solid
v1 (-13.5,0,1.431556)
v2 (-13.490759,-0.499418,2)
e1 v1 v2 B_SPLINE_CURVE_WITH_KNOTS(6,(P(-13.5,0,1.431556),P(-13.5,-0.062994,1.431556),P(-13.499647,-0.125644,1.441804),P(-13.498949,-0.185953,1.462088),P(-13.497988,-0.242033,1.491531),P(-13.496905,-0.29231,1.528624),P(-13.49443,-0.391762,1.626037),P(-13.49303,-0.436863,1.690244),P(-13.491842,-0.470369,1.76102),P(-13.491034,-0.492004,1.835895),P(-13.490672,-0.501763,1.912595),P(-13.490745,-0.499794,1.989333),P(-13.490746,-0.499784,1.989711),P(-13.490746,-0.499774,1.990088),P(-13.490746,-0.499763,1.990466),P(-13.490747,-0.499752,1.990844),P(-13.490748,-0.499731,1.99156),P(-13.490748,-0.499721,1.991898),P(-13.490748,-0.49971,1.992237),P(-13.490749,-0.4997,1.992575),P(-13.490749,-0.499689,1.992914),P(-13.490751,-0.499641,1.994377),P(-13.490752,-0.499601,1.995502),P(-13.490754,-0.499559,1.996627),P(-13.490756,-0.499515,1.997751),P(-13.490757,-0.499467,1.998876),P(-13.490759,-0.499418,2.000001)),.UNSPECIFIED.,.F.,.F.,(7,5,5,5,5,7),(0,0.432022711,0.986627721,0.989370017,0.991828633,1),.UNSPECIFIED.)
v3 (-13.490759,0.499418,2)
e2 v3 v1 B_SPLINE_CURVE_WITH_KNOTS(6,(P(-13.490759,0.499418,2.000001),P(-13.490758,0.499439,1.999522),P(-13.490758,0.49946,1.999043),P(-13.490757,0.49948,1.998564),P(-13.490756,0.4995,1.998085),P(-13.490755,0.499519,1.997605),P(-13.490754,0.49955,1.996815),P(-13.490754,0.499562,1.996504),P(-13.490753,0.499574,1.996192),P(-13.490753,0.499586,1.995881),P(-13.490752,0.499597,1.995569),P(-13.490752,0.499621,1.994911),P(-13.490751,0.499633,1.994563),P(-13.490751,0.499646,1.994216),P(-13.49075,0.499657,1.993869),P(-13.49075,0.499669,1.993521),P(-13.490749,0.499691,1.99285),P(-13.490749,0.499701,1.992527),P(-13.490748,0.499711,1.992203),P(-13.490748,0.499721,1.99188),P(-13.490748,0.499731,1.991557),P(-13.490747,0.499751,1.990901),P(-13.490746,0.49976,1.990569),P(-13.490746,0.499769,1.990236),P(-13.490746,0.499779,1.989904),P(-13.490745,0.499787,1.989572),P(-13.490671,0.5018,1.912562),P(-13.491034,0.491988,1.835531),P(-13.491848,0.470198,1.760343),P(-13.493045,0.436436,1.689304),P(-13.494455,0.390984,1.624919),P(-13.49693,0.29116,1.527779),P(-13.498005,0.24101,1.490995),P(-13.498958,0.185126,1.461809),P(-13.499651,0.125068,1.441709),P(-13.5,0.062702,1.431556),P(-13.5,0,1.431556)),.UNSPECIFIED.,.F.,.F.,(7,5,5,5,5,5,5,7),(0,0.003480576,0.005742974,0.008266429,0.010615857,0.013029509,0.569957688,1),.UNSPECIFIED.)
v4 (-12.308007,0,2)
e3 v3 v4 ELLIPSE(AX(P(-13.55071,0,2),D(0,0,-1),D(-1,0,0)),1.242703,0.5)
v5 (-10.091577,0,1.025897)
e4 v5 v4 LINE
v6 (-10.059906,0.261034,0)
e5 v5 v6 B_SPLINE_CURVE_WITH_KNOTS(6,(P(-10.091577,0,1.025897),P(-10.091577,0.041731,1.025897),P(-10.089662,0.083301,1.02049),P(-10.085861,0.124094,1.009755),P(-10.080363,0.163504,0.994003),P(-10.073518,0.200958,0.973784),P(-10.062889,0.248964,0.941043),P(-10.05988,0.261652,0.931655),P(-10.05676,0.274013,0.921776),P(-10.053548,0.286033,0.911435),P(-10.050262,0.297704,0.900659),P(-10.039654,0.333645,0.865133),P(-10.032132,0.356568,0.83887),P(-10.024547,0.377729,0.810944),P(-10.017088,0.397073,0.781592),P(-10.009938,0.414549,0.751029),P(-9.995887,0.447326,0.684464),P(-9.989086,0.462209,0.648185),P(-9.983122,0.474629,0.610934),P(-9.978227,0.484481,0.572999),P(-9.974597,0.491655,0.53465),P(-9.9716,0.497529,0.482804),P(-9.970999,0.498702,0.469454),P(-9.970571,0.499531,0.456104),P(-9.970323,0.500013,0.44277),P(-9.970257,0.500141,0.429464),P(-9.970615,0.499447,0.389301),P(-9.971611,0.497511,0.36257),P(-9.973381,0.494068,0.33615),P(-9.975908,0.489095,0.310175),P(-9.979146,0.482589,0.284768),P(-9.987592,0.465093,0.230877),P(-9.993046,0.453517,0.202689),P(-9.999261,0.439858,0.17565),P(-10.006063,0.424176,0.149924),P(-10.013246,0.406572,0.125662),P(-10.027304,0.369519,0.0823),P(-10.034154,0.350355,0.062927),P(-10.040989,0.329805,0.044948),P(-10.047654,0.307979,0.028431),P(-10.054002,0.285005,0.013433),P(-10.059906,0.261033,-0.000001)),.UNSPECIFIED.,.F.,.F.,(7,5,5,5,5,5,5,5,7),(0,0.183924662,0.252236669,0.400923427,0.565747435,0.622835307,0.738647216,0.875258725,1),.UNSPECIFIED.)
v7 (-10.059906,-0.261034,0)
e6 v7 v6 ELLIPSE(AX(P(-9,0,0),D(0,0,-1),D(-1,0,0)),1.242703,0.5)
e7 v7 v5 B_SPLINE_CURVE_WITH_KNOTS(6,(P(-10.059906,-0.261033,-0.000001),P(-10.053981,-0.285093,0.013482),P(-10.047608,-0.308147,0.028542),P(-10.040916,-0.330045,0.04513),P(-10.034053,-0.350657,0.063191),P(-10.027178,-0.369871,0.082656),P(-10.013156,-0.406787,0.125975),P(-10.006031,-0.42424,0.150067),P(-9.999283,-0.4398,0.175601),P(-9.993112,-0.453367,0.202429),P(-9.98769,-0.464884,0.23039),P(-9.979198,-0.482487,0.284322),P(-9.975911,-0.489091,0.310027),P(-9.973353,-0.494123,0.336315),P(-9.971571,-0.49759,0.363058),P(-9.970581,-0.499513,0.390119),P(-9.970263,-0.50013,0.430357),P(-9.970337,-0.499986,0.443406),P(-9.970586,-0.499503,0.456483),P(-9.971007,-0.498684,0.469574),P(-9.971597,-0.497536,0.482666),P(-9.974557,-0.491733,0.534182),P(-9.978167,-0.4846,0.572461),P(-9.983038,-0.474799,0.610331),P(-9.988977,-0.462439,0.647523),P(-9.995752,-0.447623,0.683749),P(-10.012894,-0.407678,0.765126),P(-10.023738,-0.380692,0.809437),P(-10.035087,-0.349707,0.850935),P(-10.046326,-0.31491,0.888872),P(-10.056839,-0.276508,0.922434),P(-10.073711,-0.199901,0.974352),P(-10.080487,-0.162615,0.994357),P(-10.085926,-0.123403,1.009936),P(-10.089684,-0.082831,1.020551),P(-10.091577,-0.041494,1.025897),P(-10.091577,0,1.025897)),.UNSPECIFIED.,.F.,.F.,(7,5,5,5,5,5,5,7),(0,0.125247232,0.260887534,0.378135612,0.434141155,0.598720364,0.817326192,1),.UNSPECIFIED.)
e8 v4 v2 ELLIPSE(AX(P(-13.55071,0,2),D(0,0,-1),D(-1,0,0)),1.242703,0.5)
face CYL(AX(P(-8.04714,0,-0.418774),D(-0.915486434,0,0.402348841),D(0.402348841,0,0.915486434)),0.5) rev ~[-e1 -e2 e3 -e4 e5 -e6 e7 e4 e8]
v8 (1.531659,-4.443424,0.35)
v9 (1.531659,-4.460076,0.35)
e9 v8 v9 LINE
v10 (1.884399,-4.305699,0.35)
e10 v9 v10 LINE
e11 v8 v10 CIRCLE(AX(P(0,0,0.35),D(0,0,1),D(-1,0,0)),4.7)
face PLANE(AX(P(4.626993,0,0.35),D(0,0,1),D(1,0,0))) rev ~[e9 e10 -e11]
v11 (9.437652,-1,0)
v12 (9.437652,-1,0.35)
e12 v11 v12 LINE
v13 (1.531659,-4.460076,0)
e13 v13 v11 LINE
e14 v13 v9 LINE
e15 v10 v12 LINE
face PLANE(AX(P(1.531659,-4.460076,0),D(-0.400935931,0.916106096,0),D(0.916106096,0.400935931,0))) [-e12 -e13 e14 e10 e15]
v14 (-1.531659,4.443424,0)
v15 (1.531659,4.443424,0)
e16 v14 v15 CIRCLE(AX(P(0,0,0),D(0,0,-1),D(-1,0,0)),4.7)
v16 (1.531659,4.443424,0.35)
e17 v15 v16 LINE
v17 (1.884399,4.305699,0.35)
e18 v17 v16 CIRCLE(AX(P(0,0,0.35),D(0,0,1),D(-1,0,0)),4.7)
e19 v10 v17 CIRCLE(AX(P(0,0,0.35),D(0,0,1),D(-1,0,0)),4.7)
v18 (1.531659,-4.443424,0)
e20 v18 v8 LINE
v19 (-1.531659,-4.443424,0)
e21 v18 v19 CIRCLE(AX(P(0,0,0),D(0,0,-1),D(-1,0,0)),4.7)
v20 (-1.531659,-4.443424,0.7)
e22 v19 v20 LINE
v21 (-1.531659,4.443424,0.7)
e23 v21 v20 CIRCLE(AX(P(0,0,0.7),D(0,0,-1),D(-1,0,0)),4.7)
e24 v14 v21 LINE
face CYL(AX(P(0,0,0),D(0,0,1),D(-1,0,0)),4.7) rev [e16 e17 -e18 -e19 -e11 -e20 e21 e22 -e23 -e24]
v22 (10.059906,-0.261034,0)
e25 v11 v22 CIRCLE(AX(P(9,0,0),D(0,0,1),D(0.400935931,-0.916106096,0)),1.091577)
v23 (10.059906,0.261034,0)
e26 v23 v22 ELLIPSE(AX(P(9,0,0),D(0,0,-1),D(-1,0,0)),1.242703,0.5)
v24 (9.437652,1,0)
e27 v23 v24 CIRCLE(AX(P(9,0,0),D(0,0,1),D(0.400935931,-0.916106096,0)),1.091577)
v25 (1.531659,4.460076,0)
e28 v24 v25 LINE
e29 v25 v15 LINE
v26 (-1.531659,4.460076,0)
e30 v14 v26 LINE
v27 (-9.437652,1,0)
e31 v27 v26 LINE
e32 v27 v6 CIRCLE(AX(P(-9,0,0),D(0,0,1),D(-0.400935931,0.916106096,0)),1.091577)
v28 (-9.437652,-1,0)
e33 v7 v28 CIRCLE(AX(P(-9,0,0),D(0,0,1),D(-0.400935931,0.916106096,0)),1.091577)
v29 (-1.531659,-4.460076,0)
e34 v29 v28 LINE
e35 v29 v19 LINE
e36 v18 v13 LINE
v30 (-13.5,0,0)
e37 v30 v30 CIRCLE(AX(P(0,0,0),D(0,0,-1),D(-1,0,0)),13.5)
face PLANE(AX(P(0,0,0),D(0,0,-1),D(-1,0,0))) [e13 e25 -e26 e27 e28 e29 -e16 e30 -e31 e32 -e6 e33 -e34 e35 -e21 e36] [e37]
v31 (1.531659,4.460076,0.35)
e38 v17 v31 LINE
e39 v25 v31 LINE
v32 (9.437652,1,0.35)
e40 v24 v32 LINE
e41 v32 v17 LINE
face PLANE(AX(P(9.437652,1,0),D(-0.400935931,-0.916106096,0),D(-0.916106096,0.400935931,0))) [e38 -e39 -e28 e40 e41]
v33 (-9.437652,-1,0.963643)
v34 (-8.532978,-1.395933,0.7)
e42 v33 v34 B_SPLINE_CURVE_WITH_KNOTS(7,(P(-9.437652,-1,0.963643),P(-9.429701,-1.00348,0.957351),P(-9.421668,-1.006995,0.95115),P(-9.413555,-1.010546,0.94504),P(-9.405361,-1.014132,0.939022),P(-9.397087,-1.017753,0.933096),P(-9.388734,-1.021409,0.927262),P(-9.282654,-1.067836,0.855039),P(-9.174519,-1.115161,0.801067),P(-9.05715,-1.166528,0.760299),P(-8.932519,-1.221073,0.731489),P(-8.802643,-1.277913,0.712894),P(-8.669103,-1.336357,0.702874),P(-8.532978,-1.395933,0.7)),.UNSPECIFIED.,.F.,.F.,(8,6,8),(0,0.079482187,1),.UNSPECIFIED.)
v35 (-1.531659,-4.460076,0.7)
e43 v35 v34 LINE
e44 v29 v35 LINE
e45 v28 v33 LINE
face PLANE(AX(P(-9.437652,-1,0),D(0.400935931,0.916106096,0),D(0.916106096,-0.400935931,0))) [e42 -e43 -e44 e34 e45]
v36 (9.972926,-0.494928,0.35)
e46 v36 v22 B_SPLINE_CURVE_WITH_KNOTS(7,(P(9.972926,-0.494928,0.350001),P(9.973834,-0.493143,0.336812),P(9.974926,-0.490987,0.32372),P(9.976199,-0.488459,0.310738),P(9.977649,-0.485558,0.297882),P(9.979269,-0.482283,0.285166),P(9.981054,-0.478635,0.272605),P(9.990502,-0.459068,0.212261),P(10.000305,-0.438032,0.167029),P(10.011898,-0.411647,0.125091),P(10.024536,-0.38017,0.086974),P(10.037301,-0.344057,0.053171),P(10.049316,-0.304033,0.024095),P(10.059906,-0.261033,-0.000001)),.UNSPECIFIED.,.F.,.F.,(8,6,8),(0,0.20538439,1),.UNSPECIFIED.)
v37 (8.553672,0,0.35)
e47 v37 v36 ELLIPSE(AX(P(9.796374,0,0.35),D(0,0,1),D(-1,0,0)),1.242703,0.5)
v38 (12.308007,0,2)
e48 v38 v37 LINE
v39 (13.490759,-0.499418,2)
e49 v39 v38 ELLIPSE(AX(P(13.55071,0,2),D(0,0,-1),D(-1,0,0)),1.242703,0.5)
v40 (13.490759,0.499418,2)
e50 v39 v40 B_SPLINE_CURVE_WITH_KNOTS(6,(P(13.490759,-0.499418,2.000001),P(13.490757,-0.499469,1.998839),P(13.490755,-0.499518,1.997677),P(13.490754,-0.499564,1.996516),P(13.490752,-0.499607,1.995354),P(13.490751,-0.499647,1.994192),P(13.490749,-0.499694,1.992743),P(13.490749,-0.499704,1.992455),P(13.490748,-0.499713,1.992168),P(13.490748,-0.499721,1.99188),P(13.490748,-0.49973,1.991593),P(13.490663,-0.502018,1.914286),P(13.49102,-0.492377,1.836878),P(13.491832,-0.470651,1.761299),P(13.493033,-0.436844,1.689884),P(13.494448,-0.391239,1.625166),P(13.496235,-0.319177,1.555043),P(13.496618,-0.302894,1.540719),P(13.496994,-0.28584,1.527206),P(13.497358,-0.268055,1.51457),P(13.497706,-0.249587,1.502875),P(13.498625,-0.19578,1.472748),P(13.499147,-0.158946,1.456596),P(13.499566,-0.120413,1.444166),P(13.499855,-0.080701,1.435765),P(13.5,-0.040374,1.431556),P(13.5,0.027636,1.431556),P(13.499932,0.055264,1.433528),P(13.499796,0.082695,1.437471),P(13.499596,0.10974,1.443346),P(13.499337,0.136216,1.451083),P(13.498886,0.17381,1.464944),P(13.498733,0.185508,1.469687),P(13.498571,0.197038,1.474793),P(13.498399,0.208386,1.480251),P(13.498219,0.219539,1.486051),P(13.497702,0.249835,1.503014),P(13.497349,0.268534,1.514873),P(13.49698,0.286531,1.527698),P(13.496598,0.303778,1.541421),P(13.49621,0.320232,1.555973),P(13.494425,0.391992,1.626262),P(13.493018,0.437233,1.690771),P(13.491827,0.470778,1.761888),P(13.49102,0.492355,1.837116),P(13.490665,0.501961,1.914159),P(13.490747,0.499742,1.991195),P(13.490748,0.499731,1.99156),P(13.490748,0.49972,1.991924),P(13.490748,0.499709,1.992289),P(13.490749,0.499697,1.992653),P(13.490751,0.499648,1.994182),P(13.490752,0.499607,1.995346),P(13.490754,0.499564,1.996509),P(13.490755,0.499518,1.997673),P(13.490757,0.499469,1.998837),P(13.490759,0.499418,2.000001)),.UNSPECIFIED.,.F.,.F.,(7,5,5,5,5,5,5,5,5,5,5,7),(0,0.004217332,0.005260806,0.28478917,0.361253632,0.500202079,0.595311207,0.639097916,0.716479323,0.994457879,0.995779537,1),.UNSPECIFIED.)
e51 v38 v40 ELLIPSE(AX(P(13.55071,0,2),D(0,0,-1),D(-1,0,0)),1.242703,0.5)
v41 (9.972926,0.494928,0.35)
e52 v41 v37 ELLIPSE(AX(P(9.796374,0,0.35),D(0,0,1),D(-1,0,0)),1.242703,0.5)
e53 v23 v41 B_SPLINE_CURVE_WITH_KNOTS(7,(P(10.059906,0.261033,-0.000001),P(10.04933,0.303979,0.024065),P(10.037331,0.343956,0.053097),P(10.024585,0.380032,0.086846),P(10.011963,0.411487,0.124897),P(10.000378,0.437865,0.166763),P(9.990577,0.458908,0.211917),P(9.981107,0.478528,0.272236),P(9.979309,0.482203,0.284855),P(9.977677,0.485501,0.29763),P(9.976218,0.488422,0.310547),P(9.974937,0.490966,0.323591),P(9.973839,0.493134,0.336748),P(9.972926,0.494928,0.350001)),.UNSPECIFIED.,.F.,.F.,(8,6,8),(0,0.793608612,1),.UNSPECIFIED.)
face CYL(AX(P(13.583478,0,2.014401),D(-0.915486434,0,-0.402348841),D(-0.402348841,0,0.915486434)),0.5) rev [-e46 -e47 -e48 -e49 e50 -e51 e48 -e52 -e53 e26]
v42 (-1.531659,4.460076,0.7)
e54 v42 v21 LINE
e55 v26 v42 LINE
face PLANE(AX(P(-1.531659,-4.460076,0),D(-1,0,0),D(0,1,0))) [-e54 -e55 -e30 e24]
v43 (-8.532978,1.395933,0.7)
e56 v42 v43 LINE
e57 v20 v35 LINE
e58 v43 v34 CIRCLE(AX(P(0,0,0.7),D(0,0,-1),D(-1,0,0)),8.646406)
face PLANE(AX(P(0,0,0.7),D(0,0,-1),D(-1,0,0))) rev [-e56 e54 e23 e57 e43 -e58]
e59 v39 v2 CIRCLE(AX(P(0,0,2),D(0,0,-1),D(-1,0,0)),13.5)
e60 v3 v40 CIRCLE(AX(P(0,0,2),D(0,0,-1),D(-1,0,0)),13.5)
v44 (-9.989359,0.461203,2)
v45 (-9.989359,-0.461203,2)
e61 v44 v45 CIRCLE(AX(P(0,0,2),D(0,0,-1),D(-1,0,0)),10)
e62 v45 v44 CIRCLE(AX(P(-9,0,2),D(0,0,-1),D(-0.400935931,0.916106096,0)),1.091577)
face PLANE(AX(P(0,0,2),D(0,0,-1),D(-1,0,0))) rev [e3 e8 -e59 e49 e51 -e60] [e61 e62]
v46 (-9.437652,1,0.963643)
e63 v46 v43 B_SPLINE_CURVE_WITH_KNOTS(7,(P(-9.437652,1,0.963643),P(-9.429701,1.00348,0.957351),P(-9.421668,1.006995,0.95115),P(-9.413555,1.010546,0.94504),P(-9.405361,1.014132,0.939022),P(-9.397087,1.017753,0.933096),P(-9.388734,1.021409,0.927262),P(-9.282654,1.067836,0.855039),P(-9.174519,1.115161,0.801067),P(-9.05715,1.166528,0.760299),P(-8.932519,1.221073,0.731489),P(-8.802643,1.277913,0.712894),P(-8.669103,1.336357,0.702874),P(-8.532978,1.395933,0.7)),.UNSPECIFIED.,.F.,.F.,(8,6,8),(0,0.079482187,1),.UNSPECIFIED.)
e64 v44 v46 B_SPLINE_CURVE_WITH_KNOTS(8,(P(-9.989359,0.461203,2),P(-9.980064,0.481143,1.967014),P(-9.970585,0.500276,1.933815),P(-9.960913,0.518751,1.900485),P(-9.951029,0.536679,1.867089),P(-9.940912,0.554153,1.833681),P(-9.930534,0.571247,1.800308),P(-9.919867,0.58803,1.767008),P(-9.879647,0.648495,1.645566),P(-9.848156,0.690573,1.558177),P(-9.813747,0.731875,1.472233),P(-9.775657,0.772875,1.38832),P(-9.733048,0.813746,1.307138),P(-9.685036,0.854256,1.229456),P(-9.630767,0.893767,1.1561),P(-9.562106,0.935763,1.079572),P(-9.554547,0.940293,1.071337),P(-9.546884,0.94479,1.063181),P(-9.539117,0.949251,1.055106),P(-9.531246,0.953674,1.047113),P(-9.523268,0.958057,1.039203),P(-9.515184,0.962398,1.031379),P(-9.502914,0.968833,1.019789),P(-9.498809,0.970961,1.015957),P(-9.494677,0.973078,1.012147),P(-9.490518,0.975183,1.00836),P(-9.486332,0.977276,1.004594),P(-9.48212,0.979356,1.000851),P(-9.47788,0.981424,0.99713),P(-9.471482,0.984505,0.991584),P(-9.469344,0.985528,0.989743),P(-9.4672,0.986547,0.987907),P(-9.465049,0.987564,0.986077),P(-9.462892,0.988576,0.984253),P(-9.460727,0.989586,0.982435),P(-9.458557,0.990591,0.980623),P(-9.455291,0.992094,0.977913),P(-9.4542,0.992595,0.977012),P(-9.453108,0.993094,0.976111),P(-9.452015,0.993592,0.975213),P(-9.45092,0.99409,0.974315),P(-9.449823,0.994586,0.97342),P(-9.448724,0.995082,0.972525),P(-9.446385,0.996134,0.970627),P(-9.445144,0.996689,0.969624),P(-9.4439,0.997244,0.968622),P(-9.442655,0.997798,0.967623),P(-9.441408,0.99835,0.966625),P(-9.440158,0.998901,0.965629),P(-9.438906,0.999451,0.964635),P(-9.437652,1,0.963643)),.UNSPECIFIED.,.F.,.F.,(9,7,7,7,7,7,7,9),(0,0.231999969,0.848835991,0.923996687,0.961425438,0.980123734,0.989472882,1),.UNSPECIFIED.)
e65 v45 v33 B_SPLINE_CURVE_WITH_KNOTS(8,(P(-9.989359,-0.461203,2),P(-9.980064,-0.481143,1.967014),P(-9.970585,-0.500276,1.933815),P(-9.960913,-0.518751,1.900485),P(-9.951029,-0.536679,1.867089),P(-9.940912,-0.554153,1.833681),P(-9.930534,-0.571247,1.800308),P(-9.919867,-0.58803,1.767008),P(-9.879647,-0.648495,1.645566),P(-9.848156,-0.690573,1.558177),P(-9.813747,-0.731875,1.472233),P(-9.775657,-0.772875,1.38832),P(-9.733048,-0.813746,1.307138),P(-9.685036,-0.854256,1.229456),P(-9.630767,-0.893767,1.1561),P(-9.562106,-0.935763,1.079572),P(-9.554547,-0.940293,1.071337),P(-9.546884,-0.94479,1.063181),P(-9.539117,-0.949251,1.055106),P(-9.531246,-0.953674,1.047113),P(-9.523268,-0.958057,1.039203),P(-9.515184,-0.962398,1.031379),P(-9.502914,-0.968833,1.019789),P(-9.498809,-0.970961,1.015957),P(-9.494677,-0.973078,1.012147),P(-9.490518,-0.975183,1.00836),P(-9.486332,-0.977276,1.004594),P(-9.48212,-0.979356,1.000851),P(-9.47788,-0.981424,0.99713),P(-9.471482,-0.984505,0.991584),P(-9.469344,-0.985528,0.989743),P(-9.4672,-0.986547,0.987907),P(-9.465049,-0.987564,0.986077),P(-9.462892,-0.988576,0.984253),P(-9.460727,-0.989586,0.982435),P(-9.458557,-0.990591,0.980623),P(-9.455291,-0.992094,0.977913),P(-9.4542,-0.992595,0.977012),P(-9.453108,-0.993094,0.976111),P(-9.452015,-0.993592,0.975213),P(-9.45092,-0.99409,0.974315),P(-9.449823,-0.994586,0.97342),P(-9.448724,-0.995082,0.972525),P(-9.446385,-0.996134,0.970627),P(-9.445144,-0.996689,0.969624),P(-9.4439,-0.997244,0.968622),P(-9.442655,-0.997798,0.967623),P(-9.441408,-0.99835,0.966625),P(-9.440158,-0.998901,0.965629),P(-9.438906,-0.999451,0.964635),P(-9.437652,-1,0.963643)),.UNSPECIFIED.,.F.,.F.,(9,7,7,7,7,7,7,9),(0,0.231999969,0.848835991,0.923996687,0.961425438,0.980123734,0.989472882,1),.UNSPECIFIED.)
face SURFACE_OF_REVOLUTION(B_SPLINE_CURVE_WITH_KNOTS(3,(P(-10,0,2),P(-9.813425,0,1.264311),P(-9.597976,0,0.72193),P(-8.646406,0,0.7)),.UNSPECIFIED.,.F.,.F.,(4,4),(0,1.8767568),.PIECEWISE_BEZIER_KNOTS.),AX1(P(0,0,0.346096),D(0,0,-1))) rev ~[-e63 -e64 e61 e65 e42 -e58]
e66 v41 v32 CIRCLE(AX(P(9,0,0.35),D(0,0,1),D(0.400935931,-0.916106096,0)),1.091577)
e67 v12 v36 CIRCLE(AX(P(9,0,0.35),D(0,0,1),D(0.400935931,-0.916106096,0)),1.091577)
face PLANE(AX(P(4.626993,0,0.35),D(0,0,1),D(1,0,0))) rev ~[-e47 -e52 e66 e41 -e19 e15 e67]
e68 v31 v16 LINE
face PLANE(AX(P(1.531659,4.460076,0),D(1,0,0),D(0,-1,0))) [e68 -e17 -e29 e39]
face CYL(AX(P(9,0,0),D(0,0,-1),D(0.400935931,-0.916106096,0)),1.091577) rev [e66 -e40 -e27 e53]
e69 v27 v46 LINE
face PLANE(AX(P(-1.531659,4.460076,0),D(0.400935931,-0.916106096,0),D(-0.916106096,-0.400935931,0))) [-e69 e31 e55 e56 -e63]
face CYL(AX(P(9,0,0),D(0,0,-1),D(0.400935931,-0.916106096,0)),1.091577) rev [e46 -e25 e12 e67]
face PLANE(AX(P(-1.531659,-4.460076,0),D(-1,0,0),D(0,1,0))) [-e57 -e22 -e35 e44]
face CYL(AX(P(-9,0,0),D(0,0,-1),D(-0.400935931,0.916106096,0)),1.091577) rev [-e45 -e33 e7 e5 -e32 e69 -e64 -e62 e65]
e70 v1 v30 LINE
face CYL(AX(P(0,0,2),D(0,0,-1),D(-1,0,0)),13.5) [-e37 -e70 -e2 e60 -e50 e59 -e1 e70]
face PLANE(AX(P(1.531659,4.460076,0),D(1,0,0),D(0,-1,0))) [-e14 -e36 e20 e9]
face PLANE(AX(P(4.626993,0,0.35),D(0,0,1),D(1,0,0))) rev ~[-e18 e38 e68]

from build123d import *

# Parameters (mm, degrees)
F3_DEPTH = 0.35
F4_DEPTH = 5


with BuildPart() as f1:
    # F0 (on Front) → F1 (revolve)
    with BuildSketch(Plane.XZ):
        with BuildLine():
            add(Edge.make_bspline(
                [(-10, 2), (-9.8134251311, 1.2643112568), (-9.5979757607, 0.7219304822), (-8.6464062333, 0.7)],
                knots=[0, 0, 0, 0, 1.8767567997, 1.8767567997, 1.8767567997, 1.8767567997], degree=3))
            Line((-10, 2), (-13.5, 2))
            Line((-13.5, 2), (-13.5, 0))
            Line((-13.5, 0), (-4.7, 0))
            Line((-4.7, 0), (-4.7, 0.7))
            Line((-4.7, 0.7), (-8.6464062333, 0.7))
        make_face()
    revolve(axis=Axis((0, 0, 0.3460962325), (0, 0, -1)))

    # F2 (on Top) → F3 (cut)
    with BuildSketch(Plane.XY):
        with BuildLine():
            Line((9.4376522897, 1), (1.5316589494, 4.4600760879))
            Line((1.5316589494, 4.4600760879), (1.5316589494, -4.4600760879))
            Line((1.5316589494, -4.4600760879), (9.4376522897, -1))
            ThreePointArc((9.4376522897, -1), (10.0915766243, 0), (9.4376522897, 1))
        make_face()
    extrude(amount=F3_DEPTH, mode=Mode.SUBTRACT)

    # F2 (on Top) → F4 (cut)
    with BuildSketch(Plane.XY):
        with BuildLine():
            Line((-1.5316589494, -4.4600760879), (-1.5316589494, 4.4600760879))
            Line((-1.5316589494, 4.4600760879), (-9.4376522897, 1))
            ThreePointArc((-9.4376522897, 1), (-10.0915766243, 0), (-9.4376522897, -1))
            Line((-9.4376522897, -1), (-1.5316589494, -4.4600760879))
        make_face()
    extrude(amount=F4_DEPTH, mode=Mode.SUBTRACT)

    # F5 (on Front) → F6 (revolve, cut)
    with BuildSketch(Plane.XZ):
        Polygon((7.8459653944, 0.038968916), (9, 0), (13.550709933, 2), (13.3823033062, 2.4721443956), align=None)
    revolve(axis=Axis((11.2753549665, 0, 1), (0.9154864336, 0, 0.402348841)), mode=Mode.SUBTRACT)

    # F5 (on Front) → F7 (revolve, cut)
    with BuildSketch(Plane.XZ):
        Polygon((-13.3823033062, 2.4721443956), (-13.550709933, 2), (-9, 0), (-7.8459653944, 0.038968916), align=None)
    revolve(axis=Axis((-11.2753549665, 0, 1), (-0.9154864336, 0, 0.402348841)), mode=Mode.SUBTRACT)


solid = f1.part
